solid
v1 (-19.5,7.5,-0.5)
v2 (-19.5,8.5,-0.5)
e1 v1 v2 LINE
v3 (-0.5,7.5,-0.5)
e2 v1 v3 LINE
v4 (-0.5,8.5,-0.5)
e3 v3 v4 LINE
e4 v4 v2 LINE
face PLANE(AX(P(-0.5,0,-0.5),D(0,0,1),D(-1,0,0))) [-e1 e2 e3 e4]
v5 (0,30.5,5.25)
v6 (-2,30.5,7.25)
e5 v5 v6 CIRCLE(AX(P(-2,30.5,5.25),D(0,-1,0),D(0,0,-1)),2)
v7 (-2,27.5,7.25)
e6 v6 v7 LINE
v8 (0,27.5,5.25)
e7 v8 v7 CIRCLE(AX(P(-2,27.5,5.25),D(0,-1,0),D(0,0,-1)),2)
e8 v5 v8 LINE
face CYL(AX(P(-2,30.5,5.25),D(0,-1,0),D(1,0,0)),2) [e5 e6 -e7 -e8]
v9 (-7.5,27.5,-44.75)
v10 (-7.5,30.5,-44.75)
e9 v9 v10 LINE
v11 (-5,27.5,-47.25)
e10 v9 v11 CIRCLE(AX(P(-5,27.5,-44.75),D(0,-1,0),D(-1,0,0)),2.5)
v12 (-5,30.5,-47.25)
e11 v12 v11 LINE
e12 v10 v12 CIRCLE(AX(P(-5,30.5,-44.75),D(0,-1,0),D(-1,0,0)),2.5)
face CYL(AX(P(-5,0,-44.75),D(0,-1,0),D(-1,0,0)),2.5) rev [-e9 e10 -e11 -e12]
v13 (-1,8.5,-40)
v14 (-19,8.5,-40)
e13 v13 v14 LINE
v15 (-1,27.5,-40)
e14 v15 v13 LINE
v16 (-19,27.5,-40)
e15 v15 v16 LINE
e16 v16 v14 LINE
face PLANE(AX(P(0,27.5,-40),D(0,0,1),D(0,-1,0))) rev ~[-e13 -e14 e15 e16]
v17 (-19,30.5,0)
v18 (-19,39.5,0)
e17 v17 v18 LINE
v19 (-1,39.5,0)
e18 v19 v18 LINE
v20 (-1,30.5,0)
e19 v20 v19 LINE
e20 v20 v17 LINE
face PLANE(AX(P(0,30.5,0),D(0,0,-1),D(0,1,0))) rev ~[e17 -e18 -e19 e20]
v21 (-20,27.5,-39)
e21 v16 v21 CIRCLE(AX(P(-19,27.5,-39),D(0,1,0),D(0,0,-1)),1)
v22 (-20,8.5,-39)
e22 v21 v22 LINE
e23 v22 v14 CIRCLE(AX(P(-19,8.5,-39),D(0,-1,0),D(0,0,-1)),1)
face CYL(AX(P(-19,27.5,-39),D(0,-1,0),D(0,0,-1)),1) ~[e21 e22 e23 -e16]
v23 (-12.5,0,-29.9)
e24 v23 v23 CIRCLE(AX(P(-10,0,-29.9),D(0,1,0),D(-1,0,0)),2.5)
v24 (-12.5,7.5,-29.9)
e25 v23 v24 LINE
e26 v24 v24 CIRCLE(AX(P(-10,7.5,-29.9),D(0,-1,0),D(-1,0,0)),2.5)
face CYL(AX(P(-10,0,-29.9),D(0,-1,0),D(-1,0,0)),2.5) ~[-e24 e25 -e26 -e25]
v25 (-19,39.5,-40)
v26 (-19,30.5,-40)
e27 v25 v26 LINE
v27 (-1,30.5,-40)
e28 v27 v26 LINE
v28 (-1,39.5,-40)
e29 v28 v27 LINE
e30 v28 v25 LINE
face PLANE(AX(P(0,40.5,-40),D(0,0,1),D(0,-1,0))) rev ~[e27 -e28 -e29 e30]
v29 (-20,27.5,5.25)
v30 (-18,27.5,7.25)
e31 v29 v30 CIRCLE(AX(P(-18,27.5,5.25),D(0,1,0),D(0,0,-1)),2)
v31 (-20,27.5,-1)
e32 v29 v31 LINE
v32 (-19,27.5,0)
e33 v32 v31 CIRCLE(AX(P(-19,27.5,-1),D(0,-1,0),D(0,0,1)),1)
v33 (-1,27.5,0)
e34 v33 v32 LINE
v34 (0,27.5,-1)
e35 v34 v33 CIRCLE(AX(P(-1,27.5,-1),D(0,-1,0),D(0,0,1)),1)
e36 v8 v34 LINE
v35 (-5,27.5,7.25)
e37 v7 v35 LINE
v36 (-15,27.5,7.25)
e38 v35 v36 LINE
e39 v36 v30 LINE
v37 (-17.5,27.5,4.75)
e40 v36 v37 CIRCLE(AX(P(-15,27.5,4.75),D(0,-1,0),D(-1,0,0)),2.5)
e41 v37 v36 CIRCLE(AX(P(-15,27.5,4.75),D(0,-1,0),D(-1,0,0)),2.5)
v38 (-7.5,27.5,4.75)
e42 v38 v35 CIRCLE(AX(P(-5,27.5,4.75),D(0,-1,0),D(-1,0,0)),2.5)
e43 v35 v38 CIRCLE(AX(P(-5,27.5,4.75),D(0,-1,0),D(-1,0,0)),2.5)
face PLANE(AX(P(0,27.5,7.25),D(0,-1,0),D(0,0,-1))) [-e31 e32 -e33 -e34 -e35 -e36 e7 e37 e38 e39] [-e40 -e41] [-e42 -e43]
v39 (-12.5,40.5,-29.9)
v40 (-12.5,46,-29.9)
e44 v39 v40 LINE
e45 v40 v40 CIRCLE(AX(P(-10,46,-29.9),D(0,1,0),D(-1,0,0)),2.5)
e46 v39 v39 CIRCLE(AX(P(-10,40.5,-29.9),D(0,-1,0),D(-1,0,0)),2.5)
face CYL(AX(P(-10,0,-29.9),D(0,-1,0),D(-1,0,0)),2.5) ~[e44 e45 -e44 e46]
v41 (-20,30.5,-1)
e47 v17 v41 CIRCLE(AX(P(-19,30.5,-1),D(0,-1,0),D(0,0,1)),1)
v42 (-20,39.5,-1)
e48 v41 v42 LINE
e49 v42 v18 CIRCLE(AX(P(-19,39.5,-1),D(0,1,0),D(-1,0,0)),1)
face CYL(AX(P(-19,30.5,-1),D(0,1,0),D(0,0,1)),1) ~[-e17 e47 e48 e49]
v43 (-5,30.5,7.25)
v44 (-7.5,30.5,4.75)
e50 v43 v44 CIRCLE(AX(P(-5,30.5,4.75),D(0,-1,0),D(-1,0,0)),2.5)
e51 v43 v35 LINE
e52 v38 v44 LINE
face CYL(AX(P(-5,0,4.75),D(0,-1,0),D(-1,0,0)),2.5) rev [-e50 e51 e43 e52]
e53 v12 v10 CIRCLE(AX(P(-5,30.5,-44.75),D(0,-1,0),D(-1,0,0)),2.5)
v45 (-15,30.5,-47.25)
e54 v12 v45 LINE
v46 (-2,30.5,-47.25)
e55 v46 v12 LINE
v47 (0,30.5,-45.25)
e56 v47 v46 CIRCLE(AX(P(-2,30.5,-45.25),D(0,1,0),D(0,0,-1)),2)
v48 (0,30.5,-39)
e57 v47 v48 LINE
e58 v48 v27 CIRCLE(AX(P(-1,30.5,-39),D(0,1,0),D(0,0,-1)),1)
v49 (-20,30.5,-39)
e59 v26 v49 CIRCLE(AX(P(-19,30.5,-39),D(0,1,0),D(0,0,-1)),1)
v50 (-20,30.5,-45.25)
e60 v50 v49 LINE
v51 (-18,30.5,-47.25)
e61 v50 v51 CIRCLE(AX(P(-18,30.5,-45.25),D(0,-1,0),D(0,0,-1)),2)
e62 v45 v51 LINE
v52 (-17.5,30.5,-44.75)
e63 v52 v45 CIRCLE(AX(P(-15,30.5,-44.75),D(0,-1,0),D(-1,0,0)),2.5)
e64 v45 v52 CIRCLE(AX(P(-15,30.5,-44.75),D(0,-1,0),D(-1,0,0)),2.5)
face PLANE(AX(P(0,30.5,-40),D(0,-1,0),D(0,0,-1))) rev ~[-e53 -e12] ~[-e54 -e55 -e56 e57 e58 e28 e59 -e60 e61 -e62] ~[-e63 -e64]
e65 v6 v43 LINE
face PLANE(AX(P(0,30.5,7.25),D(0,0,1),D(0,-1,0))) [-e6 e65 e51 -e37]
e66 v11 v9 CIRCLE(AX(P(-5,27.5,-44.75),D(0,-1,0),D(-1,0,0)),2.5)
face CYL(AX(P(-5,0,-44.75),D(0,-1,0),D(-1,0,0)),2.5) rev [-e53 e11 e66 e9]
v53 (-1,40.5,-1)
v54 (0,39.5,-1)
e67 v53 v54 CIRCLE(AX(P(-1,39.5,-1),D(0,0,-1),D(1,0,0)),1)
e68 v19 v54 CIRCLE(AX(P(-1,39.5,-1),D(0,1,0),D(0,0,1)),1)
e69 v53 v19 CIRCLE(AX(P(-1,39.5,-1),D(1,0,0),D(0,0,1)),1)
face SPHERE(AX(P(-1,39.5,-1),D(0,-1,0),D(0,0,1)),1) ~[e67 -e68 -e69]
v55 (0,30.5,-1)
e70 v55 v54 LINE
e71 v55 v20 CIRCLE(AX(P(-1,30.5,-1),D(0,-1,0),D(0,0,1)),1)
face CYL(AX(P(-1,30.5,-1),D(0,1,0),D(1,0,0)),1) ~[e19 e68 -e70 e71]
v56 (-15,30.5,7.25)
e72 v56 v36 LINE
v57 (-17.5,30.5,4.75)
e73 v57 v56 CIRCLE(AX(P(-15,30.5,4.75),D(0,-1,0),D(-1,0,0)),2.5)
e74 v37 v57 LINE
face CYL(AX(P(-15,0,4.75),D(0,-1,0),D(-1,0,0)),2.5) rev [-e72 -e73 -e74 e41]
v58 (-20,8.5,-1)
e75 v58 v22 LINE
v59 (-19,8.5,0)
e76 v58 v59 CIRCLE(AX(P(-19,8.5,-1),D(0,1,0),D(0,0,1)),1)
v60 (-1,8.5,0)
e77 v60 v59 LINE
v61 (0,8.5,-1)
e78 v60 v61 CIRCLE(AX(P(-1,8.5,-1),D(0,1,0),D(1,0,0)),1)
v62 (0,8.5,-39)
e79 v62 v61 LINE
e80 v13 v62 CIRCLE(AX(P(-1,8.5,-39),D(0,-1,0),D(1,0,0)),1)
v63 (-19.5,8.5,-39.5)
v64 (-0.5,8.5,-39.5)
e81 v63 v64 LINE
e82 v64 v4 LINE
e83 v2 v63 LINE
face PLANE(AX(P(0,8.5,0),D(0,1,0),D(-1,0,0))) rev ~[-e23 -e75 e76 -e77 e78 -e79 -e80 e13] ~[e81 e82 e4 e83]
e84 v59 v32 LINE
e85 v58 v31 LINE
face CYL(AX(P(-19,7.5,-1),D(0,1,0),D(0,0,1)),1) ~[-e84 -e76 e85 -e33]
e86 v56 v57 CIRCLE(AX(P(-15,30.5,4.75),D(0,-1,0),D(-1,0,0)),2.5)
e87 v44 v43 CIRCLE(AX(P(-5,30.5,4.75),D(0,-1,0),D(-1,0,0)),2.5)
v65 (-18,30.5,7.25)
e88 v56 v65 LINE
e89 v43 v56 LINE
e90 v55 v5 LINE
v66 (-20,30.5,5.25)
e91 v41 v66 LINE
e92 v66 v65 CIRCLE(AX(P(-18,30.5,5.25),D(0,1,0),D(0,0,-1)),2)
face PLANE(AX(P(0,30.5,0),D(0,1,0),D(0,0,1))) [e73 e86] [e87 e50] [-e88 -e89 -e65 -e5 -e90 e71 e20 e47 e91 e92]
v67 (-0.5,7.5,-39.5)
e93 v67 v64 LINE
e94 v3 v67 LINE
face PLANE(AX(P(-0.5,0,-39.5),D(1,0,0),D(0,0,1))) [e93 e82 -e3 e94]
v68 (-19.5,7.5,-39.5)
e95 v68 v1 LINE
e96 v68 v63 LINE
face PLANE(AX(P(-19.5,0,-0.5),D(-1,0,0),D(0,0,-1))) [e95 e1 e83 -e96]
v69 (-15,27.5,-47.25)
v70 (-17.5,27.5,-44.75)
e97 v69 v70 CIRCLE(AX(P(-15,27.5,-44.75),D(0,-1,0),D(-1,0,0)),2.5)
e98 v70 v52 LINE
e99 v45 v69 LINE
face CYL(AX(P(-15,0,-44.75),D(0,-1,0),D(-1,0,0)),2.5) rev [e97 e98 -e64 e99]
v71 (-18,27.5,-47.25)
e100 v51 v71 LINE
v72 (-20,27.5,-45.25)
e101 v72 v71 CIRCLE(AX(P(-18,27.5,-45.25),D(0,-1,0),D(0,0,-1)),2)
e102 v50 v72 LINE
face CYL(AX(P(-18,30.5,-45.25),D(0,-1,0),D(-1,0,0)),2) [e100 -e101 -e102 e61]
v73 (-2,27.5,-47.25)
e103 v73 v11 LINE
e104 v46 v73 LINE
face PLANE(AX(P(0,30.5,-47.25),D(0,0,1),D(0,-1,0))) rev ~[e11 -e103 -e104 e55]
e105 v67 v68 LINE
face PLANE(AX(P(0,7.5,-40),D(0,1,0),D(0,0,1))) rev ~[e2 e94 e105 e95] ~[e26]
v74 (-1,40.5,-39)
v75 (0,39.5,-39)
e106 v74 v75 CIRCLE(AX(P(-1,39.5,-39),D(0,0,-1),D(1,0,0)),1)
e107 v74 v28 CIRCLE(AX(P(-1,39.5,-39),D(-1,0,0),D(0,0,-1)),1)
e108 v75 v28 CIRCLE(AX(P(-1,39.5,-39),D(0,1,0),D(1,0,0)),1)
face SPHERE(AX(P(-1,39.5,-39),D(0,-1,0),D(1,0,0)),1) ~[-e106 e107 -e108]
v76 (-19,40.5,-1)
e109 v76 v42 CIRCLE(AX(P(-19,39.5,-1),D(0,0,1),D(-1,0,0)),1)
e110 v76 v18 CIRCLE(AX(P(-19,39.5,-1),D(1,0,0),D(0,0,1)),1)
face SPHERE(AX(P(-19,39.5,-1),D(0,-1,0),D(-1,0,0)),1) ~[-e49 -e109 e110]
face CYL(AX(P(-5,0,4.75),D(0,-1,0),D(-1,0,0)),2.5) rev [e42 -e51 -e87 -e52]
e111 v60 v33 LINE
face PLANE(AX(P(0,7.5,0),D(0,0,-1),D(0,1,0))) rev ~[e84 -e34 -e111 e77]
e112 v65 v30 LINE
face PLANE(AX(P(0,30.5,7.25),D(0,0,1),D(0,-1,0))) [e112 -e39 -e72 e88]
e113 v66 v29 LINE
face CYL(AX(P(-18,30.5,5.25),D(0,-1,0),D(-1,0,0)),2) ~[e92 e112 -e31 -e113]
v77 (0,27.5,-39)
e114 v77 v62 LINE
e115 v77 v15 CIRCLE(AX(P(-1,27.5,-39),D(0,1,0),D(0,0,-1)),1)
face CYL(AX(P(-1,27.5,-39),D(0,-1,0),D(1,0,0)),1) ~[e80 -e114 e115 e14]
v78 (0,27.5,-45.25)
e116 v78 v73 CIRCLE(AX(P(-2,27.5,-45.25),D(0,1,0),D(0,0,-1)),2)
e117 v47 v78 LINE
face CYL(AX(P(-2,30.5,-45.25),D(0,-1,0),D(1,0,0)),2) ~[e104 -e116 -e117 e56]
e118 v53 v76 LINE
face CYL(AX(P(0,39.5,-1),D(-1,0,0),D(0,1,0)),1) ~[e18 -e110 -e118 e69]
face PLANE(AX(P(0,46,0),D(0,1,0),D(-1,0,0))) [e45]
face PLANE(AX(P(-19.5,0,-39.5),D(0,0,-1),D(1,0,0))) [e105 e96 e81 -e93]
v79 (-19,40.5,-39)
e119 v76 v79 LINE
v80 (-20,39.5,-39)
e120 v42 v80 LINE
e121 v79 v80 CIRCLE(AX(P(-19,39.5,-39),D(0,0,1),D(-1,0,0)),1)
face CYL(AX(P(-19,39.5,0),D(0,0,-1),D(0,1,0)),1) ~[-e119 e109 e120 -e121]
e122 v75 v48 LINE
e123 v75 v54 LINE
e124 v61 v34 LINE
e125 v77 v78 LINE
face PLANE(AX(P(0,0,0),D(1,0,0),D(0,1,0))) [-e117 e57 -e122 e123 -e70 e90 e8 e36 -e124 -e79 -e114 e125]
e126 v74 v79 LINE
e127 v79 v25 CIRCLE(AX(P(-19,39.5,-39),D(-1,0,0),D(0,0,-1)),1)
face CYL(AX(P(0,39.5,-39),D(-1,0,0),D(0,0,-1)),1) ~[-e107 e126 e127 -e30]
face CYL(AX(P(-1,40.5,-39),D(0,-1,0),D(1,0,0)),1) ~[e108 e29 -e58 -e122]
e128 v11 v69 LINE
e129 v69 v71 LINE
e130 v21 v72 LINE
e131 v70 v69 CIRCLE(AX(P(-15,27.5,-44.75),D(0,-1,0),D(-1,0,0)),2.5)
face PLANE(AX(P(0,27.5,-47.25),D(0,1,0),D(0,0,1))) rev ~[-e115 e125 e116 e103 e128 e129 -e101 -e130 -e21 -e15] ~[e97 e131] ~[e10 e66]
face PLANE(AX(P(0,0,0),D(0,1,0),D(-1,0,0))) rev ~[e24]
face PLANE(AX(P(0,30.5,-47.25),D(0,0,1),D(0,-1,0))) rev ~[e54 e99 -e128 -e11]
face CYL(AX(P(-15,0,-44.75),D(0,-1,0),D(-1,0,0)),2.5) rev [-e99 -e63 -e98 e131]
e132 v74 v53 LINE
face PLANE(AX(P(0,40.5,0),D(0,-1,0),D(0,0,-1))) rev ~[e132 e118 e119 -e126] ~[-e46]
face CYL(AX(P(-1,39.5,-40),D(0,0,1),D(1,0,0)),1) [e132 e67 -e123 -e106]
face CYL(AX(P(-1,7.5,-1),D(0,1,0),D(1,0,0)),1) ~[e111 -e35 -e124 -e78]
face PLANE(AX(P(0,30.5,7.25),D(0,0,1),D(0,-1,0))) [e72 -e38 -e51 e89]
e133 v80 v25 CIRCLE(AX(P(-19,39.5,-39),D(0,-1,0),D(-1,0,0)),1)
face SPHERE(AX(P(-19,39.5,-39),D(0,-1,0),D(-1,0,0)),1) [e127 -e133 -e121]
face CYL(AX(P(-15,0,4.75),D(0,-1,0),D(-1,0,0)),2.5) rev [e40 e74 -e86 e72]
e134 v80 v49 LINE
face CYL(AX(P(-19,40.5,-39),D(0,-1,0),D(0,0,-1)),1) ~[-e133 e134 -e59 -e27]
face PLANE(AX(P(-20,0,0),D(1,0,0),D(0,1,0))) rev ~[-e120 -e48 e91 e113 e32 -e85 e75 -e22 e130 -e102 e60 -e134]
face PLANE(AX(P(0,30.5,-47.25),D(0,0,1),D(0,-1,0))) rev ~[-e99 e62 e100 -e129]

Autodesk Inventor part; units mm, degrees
ref_plane "YZ Plane" through (0, 0, 0) normal (1, 0, 0) x (0, 1, 0)
ref_plane "XZ Plane" through (0, 0, 0) normal (0, 1, 0) x (-1, 0, 0)
ref_plane "XY Plane" through (0, 0, 0) normal (0, 0, 1) x (1, 0, 0)
sketch "Sketch1" plane through (0, 0, 0) normal (1, 0, 0) x (0, 1, 0)
  line L0 (0, 0) -> (40.5, 0)
  line L1 (40.5, 0) -> (40.5, -40)
  line L2 (40.5, -40) -> (0, -40)
  line L3 (0, -40) -> (0, 0)
  line L4 (46, -27.4) -> (40.5, -27.4)
  line L5 (40.5, -27.4) -> (40.5, -32.4)
  line L6 (40.5, -32.4) -> (46, -32.4)
  line L7 (46, -32.4) -> (46, -27.4)
  line L8 (46, -27.4) -> (40.5, -32.4) construction
  line L9 (40.5, -27.4) -> (46, -32.4) construction
  line L10 (40.5, -20) -> (0, -20) construction
  line L11 (27.5, 0) -> (30.5, 0)
  line L12 (30.5, 0) -> (30.5, 7.25)
  line L13 (30.5, 7.25) -> (27.5, 7.25)
  line L14 (27.5, 7.25) -> (27.5, 0)
  line L15 (27.5, -40) -> (30.5, -40)
  line L16 (30.5, -40) -> (30.5, -47.25)
  line L17 (30.5, -47.25) -> (27.5, -47.25)
  line L18 (27.5, -47.25) -> (27.5, -40)
  line L19 (3, -40) -> (6.5, -40)
  line L20 (6.5, -40) -> (6.5, -45.5)
  line L21 (6.5, -45.5) -> (3, -45.5)
  line L22 (3, -45.5) -> (3, -40)
  line L23 (0, -40) -> (7.5, -40)
  line L24 (7.5, -40) -> (7.5, 0)
  line L25 (7.5, 0) -> (0, 0)
  line L26 (0, 0) -> (0, -40)
  point P0 (43.25, -29.9)
  point P1 (30.5, 0)
  dimension "d0" = 40
  dimension "d1" = 40.5
  dimension "d2" = 10.1
  dimension "d3" = 5.5
  dimension "d4" = 5
  dimension "d5" = 20
  dimension "d6" = 3
  dimension "d7" = 27.5
  dimension "d8" = 7.25
  dimension "d31" = 3.5
  dimension "d32" = 5.5
  dimension "d33" = 21
  dimension "d34" = 3
  dimension "d41" = 3
  dimension "d42" = 20
  dimension "d43" = 7.5
sketch "Sketch2" plane through (0, 0, 0) normal (0, 1, 0) x (-1, 0, 0)
  line L0 (0, 0) -> (20, 0)
  line L1 (20, 0) -> (20, -40)
  line L2 (20, -40) -> (0, -40)
  line L3 (0, -40) -> (0, 0)
  line L4 (0, 0) -> (20, 0)
  line L5 (20, 0) -> (20, 7.25)
  line L6 (20, 7.25) -> (0, 7.25)
  line L7 (0, 7.25) -> (0, 0)
  circle A0 centre (5, 4.75) radius 2.5
  line L8 (10, 7.25) -> (10, 0) construction
  circle A1 centre (15, 4.75) radius 2.5
  line L9 (20, -20) -> (0, -20) construction
  line L10 (20, -40) -> (20, -47.25)
  line L11 (20, -47.25) -> (0, -47.25)
  line L12 (0, -47.25) -> (0, -40)
  circle A2 centre (5, -44.75) radius 2.5
  circle A3 centre (15, -44.75) radius 2.5
  circle A4 centre (10, -29.9) radius 2.5
  line L13 (0, -0.5) -> (19.5, -0.5)
  line L14 (19.5, -0.5) -> (19.5, -39.5)
  line L15 (19.5, -39.5) -> (0, -39.5)
  line L16 (0.5, -40) -> (0.5, 0)
  point P0 (0.5, -0.5)
  point P1 (0.5, -39.5)
  dimension "d9" = 40
  dimension "d10" = 20
  dimension "d11" = 7.25
  dimension "d12" = 20
  dimension "d13" = 5
  dimension "d14" = 5
  dimension "d15" = 2.5
  dimension "d16" = 5
  dimension "d17" = 10.1
  dimension "d18" = 10
  dimension "d19" = 14.85
  dimension "d20" = 34.65
  dimension "d21" = 54.5
  dimension "d30" = 49.5
  dimension "d44" = 0.5
  dimension "d45" = 0.5
extrude "Extrusion1" add sketch "Sketch1" against normal blind 20 contours L0 L1 L2 L24 | L14 L13 L12 L0 | L2 L16 L17 L18
extrude "Extrusion2" cut sketch "Sketch2" along normal blind 100 contours A1 | A0 | A2 | A3
extrude "Extrusion3" add sketch "Sketch2" along normal blind 46 contours A4
fillet "Fillet1" radius 2 4 edges at (-20, 29, 7.25) (0, 29, 7.25) (0, 29, -47.25) (-20, 29, -47.25)
fillet "Fillet2" radius 1 12 edges at (0, 17.5, 0) (0, 35.5, 0) (0, 35.5, -40) (0, 17.5, -40) (-20, 35.5, -40) (-20, 17.5, -40) (-20, 35.5, 0) (-20, 17.5, 0) (-20, 40.5, -20) (-10, 40.5, 0) (0, 40.5, -20) (-10, 40.5, -40)
extrude "Extrusion5" cut sketch "Sketch2" along normal blind 8.5 contours L0 L16 L13 L3 | L0 L1 L2 L16 L15 L14 L13 | L13 L16 L15 L3 | L15 L16 L2 L3
properties part number "Servo40KgRough"
